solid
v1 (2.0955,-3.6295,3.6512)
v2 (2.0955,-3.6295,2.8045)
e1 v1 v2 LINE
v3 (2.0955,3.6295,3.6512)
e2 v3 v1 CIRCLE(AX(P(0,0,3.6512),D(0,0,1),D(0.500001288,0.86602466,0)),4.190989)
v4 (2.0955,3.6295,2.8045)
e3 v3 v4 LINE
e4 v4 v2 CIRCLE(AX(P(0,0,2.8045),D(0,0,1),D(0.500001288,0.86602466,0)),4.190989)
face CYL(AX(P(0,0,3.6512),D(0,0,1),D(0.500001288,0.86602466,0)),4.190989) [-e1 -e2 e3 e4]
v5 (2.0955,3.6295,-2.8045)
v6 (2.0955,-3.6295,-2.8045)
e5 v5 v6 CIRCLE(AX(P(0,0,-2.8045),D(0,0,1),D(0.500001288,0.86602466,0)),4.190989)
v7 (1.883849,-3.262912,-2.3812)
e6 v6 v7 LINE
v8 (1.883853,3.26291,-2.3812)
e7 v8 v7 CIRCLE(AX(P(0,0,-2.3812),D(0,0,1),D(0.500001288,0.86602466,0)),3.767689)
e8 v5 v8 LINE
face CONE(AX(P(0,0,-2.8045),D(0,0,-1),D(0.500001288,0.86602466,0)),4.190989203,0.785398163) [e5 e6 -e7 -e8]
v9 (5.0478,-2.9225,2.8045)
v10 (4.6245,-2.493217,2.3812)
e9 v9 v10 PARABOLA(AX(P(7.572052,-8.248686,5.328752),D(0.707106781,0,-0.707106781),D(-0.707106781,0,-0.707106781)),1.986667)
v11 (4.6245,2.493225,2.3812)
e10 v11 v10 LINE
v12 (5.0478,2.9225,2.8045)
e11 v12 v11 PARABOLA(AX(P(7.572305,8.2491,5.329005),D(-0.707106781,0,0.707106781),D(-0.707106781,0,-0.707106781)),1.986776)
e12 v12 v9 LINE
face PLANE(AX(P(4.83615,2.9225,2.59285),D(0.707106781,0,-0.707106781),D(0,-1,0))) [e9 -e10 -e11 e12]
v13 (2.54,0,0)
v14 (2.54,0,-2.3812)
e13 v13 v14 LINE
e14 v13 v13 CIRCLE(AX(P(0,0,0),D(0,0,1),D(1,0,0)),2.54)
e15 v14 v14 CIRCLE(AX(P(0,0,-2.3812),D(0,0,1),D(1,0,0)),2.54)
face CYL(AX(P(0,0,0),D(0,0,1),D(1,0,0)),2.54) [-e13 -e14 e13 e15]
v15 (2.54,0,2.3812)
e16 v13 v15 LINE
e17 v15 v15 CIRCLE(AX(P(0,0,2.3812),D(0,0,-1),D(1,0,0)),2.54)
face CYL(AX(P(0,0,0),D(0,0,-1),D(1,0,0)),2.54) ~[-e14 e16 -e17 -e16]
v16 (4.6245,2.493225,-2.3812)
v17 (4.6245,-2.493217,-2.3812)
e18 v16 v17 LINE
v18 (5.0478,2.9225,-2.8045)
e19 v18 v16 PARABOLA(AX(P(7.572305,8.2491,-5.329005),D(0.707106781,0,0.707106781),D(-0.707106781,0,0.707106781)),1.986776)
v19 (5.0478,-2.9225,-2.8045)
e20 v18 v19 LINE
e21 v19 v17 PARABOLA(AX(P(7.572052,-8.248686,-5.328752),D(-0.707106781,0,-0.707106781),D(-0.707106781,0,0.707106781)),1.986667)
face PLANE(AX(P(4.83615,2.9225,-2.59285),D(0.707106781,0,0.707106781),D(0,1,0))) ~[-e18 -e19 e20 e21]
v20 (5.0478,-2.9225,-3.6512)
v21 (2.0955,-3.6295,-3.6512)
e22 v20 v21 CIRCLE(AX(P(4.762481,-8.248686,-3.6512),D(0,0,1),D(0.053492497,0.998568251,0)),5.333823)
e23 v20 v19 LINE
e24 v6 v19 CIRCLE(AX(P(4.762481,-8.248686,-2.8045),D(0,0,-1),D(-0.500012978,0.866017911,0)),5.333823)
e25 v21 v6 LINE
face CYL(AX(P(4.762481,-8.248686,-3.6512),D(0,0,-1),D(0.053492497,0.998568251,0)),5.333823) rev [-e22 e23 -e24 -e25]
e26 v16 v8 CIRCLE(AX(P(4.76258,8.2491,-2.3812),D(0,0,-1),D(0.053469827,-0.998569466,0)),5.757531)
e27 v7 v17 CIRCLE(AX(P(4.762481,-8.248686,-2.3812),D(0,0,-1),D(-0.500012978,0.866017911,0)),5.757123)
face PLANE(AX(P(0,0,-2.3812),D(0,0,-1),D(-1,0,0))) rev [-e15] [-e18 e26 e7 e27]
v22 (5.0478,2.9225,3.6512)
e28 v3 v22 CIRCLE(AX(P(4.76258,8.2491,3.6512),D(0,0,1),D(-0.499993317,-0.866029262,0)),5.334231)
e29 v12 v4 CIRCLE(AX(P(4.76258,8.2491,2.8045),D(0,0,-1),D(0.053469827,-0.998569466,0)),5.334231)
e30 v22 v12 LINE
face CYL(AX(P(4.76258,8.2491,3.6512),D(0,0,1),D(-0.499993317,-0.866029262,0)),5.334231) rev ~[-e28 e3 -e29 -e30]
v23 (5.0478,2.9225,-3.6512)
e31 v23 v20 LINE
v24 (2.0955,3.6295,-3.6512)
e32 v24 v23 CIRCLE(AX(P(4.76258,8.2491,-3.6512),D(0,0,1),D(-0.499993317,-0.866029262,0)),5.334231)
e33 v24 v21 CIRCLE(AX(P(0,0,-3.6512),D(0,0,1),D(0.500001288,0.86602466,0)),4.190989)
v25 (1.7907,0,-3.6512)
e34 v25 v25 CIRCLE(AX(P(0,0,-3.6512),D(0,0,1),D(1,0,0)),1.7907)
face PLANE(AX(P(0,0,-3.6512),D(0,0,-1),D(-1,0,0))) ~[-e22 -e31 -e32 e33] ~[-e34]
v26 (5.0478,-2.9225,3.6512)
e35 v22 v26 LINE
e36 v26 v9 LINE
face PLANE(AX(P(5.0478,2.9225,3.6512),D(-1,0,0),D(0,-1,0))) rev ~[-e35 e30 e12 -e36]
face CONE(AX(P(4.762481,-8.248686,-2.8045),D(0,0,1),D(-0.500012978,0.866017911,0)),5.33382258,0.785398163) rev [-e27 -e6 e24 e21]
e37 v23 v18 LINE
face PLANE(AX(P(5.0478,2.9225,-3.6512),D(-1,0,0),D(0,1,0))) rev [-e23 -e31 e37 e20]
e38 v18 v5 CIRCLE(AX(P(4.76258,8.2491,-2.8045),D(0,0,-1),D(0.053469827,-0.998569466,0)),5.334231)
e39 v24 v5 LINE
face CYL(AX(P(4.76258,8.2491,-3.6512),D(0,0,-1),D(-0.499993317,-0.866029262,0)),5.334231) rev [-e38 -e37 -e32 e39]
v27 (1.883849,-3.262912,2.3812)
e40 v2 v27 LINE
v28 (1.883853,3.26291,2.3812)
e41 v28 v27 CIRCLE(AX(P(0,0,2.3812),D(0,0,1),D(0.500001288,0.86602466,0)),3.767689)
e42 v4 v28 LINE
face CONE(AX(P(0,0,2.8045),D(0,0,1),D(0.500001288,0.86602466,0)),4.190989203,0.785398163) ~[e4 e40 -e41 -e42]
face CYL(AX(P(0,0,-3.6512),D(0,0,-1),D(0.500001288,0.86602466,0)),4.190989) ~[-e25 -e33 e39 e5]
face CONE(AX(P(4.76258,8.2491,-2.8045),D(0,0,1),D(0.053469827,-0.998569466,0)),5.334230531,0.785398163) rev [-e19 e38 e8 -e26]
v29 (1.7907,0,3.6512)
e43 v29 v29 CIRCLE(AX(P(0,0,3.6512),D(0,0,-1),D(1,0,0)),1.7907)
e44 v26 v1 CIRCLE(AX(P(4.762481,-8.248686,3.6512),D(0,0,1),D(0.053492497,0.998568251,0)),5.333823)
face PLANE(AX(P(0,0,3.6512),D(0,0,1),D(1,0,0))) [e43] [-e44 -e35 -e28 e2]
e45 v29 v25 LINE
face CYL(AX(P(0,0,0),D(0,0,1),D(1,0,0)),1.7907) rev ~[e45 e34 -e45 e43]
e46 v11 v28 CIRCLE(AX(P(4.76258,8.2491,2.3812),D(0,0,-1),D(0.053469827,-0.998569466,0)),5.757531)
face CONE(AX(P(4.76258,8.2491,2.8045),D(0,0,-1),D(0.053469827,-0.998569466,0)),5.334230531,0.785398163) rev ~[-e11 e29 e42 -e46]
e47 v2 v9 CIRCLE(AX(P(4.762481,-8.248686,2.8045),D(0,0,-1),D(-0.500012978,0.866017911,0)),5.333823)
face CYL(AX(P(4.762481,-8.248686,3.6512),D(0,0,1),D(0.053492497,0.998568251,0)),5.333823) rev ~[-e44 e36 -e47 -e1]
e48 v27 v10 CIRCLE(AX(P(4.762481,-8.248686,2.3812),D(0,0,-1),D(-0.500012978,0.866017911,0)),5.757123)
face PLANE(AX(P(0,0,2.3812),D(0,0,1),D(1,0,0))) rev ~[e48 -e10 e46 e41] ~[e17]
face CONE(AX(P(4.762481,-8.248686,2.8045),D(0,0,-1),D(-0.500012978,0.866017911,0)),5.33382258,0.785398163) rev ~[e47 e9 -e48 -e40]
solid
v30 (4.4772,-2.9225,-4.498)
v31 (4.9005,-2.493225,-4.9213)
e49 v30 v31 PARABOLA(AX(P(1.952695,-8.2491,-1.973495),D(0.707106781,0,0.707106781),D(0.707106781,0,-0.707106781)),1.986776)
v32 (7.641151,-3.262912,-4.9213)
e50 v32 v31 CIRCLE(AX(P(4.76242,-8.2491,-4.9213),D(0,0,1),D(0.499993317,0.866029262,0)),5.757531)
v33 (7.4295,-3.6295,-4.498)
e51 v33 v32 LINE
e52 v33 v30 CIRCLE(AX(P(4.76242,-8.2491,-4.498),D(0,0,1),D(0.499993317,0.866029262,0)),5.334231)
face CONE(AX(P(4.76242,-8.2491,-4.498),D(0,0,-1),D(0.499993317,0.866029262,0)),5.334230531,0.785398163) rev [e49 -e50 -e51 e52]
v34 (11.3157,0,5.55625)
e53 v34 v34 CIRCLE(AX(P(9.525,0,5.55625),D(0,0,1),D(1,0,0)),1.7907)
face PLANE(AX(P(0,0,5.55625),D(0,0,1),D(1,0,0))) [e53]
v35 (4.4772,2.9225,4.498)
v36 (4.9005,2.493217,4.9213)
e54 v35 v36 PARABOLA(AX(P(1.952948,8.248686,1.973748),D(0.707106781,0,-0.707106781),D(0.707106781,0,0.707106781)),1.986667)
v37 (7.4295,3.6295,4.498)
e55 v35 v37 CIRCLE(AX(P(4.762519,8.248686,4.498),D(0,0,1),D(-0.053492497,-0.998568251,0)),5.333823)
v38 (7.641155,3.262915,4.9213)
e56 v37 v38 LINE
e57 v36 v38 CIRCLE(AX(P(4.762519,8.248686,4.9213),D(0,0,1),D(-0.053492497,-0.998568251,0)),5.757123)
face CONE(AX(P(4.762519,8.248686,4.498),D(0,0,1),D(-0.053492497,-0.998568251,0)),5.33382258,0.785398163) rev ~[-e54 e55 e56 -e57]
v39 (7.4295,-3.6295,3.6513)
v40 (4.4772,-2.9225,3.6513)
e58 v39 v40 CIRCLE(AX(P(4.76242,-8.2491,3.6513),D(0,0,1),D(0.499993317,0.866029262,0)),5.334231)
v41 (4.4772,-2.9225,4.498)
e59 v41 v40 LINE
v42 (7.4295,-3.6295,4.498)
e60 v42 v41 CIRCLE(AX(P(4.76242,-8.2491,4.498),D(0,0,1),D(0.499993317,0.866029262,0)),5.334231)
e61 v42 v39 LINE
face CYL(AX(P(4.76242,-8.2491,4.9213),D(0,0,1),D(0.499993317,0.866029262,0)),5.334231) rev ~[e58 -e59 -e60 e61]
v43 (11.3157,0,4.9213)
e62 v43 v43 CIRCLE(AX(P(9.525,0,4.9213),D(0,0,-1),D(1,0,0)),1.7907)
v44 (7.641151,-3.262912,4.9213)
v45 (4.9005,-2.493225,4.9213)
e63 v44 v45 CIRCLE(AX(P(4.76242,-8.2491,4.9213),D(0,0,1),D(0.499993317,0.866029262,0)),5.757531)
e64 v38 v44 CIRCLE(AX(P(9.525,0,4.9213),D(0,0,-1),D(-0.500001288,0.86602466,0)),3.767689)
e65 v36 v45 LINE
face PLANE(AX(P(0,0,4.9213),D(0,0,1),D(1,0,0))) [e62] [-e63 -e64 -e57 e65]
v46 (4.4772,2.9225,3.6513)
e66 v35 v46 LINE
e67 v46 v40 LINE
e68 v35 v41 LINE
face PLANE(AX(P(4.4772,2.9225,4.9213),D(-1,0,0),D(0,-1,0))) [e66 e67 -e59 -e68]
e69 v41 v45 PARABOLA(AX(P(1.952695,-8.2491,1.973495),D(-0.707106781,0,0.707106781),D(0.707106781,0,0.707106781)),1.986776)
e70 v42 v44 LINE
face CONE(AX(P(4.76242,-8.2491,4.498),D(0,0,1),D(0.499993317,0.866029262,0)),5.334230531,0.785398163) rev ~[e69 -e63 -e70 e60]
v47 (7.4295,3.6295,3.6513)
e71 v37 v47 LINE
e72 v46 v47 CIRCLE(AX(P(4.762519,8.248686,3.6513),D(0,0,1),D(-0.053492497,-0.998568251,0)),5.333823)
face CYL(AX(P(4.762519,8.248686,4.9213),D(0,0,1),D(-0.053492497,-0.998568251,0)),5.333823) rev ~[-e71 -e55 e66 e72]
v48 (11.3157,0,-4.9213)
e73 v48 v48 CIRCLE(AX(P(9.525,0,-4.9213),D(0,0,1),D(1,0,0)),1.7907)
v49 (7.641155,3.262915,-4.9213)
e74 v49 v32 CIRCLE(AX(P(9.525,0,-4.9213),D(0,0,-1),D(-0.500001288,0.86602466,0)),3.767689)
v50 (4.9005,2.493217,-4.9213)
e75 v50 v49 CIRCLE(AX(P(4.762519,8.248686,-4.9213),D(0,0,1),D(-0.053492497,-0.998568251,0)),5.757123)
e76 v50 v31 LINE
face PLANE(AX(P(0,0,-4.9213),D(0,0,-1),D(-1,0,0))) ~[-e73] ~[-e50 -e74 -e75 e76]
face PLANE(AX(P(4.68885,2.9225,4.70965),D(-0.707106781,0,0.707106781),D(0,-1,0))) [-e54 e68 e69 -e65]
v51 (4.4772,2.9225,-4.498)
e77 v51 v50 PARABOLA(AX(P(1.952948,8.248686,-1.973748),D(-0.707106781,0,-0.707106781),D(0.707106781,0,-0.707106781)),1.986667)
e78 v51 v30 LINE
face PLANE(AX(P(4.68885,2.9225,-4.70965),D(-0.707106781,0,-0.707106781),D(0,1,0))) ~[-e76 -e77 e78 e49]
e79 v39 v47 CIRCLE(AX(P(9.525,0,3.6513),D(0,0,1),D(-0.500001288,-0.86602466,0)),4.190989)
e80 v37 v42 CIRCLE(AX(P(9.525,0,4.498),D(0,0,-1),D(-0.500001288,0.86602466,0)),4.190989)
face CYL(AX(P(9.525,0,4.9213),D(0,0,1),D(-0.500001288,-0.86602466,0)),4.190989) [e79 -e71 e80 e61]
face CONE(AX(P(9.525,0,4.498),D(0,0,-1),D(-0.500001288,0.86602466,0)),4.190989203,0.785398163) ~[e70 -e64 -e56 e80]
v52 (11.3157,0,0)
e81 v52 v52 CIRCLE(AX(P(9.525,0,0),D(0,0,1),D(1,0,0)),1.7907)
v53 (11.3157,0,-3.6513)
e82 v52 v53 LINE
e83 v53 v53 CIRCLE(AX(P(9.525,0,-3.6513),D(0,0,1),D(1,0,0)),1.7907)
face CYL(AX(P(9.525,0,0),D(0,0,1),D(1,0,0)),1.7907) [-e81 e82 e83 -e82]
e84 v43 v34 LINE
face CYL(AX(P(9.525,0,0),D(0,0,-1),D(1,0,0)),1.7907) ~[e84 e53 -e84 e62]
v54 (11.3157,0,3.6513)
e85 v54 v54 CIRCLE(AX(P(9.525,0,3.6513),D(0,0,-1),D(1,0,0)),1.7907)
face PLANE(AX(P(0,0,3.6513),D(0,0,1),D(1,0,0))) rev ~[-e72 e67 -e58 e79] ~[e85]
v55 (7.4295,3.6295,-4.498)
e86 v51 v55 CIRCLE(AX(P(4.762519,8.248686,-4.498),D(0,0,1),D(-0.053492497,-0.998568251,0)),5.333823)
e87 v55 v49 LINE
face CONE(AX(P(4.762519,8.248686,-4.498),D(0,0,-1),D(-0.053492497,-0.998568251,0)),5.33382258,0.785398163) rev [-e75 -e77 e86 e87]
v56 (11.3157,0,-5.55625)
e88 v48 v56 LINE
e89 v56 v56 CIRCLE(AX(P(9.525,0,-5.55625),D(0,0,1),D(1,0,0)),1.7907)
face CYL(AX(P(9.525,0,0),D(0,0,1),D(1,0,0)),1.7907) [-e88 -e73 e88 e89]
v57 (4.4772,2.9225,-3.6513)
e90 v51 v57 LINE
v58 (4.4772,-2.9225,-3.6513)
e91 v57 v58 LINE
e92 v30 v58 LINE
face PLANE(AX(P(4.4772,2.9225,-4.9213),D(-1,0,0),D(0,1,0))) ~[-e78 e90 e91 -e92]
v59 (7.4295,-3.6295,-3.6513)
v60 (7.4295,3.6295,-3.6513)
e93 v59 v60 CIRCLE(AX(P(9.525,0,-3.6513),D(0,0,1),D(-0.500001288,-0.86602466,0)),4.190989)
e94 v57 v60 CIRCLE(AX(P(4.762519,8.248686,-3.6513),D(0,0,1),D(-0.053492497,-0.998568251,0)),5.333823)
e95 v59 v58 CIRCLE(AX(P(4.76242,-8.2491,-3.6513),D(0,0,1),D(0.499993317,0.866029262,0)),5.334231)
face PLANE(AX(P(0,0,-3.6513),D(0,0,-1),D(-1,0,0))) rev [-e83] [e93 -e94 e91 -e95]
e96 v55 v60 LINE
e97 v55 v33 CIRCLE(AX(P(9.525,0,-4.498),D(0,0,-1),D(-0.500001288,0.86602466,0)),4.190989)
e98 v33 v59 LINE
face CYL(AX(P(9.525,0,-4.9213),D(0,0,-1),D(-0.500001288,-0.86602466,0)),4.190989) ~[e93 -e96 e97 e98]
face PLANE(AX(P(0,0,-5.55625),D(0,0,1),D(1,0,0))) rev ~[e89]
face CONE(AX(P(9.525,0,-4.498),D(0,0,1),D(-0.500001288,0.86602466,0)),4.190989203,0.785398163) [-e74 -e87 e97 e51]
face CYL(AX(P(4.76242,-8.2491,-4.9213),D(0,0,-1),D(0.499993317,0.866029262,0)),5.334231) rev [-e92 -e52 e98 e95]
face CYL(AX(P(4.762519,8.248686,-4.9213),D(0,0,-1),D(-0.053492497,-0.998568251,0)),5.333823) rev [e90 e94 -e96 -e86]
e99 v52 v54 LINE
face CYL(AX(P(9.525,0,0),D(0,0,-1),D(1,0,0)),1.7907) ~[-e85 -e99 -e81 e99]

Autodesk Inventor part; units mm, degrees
ref_plane "YZ Plane" through (0, 0, 0) normal (1, 0, 0) x (0, 1, 0)
ref_plane "Work Plane1" through (0, 0, 3.6512) normal (0, 0, 1) x (1, 0, 0)
sketch "Sketch1" plane through (0, 0, 3.6512) normal (0, 0, 1) x (1, 0, 0)
  arc A0 (2.0955, 3.6295) -> (2.0955, -3.6295) centre (0, 0) ccw
  arc A1 (2.0955, 3.6295) -> (5.0478, 2.9225) centre (4.7625, 8.2489) ccw
  line L0 (5.0478, 2.9225) -> (5.0478, -2.9225)
  arc A2 (5.0478, -2.9225) -> (2.0955, -3.6295) centre (4.7625, -8.2489) ccw
extrude "Extrusion1" add sketch "Sketch1" against normal blind 1.27
chamfer "Chamfer1" distance 0.4233 angle 45 4 edges at (-4.191, 0, 2.3812) (3.5203, 3.0615, 2.3812) (5.0478, 0, 2.3812) (3.5203, -3.0615, 2.3812)
sketch "Sketch2" plane through (0, 0, 0) normal (0, 0, 1) x (1, 0, 0)
  circle A0 centre (0, 0) radius 2.54
extrude "Extrusion2" add sketch "Sketch2" along normal mid plane 6.0325
mirror "Mirror1" about plane through (0, 0, 0) normal (0, 0, 1) of "Extrusion1", "Chamfer1"
sketch "Sketch3" plane through (0, 0, 0) normal (0, 0, 1) x (1, 0, 0)
  circle A0 centre (0, 0) radius 1.7907
extrude "Extrusion3" cut sketch "Sketch3" along normal through all both and the other way through all
ref_plane "Work Plane2" through (0, 0, 4.9213) normal (0, 0, 1) x (1, 0, 0)
sketch "Sketch4" plane through (0, 0, 4.9213) normal (0, 0, 1) x (1, 0, 0)
  arc A0 (4.4772, 2.9225) -> (7.4295, 3.6295) centre (4.7625, 8.2489) ccw
  arc A1 (7.4295, -3.6295) -> (7.4295, 3.6295) centre (9.525, 0) ccw
  arc A2 (7.4295, -3.6295) -> (4.4772, -2.9225) centre (4.7625, -8.2489) ccw
  line L0 (4.4772, 2.9225) -> (4.4772, -2.9225)
extrude "Extrusion4" add sketch "Sketch4" against normal blind 1.27
chamfer "Chamfer2" distance 0.4233 angle 45 4 edges at (6.0047, 3.0615, 4.9213) (4.4772, 0, 4.9213) (6.0047, -3.0615, 4.9213) (13.716, 0, 4.9213)
mirror "Mirror2" about plane through (0, 0, 0) normal (0, 0, 1) of "Extrusion4", "Chamfer2"
sketch "Sketch5" plane through (0, 0, 0) normal (0, 0, 1) x (1, 0, 0)
  circle A0 centre (9.525, 0) radius 1.7907
extrude "Extrusion5" add sketch "Sketch5" along normal mid plane 11.1125
properties part number "HalfLink"
